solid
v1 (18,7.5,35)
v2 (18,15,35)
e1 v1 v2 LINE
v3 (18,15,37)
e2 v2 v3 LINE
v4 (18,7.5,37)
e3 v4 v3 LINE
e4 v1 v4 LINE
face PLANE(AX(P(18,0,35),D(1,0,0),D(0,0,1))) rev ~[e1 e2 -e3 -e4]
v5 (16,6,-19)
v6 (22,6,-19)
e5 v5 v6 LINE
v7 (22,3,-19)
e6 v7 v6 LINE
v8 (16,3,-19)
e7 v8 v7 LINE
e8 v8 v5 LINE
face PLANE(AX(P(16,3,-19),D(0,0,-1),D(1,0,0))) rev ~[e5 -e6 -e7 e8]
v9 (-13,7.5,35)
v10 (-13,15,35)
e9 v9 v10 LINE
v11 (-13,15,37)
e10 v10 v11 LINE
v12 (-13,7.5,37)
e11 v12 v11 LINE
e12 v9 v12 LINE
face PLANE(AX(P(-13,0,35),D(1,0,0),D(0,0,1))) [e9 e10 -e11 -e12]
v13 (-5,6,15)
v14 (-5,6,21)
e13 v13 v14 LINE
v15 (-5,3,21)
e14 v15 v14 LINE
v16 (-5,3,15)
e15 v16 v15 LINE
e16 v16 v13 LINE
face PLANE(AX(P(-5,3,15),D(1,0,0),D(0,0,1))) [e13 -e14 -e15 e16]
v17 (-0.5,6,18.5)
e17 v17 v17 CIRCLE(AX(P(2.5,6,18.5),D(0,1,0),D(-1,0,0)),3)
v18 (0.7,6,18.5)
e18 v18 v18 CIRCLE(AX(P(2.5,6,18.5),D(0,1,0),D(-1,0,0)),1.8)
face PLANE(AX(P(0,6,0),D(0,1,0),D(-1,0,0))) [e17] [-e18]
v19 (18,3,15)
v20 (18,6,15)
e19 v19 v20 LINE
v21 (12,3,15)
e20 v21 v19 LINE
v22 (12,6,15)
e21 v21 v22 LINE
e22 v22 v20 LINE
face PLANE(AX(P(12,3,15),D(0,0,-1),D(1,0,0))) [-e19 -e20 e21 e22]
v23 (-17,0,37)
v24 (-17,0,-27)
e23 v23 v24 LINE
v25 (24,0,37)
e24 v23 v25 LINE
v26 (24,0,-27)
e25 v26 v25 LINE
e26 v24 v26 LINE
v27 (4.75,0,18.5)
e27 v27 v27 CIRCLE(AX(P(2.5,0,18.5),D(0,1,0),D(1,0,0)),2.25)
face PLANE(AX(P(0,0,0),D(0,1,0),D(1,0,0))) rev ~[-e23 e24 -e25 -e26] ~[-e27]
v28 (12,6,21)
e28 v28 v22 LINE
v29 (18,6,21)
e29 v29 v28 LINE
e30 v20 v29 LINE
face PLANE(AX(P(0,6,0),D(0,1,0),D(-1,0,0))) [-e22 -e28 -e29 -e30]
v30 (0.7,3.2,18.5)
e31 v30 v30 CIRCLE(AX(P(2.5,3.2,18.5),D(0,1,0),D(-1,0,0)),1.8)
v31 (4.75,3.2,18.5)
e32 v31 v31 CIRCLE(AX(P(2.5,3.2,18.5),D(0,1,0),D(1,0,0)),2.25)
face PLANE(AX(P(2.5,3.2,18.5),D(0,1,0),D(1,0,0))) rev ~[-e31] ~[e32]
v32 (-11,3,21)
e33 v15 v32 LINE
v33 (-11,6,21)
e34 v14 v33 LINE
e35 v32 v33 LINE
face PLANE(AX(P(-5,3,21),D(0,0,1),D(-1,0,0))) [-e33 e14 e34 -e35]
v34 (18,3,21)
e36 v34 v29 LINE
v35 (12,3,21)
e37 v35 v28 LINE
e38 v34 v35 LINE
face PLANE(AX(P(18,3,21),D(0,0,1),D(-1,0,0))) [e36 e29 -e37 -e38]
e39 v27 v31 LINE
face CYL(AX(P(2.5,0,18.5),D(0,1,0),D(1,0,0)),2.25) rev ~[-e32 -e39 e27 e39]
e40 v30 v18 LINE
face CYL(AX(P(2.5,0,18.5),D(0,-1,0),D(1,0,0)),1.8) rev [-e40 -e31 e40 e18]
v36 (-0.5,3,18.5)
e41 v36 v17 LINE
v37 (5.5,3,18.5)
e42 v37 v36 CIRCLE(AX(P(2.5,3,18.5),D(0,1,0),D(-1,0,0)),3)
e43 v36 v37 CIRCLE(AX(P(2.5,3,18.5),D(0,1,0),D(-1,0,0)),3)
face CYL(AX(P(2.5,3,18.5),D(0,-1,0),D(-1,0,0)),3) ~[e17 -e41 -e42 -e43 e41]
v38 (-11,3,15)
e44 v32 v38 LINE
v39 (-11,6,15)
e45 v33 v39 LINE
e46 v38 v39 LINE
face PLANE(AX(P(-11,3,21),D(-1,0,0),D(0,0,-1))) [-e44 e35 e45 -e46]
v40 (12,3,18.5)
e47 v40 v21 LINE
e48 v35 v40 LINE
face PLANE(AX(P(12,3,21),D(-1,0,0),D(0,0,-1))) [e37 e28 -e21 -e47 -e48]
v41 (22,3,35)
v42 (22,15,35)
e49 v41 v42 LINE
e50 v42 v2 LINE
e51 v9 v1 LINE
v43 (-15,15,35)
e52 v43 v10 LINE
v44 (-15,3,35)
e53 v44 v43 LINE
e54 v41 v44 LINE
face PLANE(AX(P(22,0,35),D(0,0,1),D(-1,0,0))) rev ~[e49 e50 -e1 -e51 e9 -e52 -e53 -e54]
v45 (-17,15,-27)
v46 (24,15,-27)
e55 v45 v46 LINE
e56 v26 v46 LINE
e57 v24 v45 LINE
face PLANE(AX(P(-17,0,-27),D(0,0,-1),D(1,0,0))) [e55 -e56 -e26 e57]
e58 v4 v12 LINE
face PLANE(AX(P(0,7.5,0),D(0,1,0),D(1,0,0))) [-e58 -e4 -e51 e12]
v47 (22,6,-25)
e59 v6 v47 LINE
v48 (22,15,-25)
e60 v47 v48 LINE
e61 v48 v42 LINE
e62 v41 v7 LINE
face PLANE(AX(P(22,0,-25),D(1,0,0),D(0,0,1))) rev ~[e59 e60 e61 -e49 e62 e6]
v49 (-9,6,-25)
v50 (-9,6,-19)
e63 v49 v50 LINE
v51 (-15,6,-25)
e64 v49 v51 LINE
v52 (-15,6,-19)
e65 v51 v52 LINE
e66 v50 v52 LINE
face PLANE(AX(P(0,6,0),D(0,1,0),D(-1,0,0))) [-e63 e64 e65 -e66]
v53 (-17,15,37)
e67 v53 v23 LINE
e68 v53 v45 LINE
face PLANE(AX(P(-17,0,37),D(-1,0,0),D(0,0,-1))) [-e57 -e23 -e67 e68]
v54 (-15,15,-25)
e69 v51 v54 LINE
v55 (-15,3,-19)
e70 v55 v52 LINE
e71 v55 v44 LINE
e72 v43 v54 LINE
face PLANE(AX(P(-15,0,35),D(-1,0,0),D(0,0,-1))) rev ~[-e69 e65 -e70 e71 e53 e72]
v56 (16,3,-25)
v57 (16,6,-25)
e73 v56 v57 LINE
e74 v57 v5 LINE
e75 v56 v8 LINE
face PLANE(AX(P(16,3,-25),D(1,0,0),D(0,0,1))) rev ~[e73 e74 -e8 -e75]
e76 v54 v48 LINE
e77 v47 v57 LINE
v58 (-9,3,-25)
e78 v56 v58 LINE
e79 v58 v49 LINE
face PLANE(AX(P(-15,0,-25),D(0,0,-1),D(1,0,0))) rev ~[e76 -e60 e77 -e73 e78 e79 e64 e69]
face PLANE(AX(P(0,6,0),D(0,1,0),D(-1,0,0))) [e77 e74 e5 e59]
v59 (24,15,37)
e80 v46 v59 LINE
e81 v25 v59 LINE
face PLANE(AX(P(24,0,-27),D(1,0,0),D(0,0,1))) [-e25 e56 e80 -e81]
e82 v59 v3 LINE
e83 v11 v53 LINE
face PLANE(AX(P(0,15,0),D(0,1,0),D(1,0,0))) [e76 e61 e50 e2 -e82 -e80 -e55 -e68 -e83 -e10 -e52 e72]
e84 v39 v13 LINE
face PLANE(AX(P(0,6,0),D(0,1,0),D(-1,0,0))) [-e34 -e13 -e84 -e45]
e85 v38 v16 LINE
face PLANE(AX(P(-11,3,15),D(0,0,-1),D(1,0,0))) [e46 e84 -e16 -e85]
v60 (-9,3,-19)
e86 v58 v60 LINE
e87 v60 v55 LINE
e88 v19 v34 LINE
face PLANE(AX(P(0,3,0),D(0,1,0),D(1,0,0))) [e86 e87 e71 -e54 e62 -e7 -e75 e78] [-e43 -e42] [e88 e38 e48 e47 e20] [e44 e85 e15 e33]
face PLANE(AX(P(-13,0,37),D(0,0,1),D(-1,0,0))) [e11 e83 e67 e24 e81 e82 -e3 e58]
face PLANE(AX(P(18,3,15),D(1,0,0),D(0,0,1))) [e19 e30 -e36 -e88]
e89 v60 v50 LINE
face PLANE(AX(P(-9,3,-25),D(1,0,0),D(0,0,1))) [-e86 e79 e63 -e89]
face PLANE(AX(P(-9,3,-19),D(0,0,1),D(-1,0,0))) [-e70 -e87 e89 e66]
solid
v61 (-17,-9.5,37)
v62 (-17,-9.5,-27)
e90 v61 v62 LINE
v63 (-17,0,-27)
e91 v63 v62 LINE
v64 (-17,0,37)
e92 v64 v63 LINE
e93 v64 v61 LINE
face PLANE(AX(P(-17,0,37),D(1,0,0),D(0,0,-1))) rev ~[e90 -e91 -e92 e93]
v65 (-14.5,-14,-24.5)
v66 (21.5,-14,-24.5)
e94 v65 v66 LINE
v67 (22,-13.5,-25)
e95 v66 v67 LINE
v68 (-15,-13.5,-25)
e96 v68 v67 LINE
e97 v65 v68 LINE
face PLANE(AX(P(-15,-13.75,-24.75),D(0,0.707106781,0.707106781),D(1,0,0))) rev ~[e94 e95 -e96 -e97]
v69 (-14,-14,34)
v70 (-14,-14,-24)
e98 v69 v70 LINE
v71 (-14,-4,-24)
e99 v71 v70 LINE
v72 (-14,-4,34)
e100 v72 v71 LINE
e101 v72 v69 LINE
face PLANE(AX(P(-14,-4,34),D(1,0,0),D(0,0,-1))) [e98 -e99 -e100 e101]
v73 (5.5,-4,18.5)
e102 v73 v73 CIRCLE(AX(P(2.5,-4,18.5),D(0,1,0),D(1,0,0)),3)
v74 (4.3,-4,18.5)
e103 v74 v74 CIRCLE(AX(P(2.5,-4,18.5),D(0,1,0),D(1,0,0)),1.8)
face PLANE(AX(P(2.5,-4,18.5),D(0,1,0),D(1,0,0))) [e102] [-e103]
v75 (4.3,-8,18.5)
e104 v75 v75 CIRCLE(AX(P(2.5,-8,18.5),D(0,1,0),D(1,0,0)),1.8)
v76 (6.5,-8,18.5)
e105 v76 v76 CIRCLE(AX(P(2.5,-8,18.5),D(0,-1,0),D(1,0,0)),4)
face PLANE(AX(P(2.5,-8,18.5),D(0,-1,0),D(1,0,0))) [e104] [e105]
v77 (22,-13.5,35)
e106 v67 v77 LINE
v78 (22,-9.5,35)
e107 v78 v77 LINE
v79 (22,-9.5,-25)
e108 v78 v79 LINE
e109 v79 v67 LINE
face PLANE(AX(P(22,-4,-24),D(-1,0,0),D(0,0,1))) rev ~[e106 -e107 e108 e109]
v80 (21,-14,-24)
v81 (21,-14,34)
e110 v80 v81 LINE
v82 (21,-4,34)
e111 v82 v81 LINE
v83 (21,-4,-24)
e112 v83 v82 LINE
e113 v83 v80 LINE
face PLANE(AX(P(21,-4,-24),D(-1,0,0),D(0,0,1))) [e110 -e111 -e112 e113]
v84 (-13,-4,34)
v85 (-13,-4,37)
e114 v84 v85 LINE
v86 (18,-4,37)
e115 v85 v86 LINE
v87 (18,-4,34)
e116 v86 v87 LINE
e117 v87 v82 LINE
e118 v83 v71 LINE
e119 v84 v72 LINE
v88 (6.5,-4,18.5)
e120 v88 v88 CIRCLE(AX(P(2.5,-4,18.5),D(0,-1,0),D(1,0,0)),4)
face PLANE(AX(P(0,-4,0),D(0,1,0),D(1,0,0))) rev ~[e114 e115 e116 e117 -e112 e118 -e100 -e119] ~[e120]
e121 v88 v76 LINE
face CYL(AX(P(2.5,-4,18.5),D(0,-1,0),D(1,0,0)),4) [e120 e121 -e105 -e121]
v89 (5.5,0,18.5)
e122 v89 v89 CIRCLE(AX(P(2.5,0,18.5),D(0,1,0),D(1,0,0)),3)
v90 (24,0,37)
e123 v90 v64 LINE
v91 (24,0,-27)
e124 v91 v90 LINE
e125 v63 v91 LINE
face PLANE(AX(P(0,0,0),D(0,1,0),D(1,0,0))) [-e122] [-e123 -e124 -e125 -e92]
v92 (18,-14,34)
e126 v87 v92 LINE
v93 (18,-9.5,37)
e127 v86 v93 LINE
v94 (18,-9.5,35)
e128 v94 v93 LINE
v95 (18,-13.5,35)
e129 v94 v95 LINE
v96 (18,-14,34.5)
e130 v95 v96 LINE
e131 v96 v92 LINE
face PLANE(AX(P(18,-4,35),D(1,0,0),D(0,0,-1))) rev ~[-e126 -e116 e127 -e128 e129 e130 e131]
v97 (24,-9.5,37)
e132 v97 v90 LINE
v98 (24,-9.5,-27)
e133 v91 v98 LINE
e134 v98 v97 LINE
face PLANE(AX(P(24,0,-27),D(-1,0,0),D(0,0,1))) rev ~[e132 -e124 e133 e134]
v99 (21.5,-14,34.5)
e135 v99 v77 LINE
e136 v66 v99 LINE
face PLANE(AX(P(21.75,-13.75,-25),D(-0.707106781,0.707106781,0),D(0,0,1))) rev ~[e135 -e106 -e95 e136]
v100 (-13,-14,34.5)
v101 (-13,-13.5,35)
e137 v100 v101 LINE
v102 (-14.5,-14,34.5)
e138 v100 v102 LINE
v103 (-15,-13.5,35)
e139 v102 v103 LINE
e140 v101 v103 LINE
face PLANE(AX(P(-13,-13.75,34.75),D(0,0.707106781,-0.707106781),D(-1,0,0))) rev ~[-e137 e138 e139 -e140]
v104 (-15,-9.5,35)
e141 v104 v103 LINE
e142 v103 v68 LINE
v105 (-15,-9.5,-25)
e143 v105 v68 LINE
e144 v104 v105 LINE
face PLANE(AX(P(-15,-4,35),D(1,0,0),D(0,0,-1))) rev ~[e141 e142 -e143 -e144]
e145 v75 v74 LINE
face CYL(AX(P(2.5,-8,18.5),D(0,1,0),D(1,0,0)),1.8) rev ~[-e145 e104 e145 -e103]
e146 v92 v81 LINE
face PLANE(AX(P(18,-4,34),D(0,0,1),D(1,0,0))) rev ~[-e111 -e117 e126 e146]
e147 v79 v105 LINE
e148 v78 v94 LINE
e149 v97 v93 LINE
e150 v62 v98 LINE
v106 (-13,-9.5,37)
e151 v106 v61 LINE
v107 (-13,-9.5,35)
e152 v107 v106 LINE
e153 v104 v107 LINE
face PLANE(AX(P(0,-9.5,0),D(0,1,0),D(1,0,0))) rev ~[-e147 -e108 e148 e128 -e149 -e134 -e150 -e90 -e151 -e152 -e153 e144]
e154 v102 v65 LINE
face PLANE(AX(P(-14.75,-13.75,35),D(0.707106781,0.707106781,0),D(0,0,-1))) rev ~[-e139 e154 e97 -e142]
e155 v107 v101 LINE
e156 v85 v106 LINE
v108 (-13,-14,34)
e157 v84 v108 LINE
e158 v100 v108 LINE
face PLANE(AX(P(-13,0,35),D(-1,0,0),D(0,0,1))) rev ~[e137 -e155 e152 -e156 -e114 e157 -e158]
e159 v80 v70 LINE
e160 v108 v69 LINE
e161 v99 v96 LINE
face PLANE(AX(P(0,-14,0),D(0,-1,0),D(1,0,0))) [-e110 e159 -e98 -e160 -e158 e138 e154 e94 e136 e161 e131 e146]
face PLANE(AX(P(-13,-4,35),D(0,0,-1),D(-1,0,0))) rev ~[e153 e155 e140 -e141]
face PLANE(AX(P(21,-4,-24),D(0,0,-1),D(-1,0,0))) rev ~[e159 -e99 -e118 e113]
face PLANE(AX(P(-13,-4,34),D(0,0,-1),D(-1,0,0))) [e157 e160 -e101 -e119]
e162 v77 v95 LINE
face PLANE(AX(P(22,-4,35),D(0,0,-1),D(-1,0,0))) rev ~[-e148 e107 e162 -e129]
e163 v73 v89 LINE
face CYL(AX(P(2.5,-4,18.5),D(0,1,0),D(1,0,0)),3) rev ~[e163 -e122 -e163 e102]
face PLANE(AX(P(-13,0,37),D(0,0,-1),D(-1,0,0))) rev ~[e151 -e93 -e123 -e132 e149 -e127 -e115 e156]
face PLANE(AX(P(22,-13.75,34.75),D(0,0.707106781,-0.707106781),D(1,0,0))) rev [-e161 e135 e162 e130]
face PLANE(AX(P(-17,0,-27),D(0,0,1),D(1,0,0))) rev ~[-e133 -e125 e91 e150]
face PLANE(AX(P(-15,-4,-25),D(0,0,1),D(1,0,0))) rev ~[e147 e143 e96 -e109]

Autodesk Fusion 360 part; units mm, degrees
sketch "Sketch1" plane through (0, 0, 0) normal (0, 1, 0) x (1, 0, 0)
  line L0 (-15, 25) -> (22, 25)
  line L1 (22, 25) -> (22, -35)
  line L2 (-15, -35) -> (-15, 25)
  line L3 (-15, -35) -> (-13, -35)
  line L4 (22, -35) -> (18, -35)
  line L5 (24, -37) -> (-17, -37)
  line L6 (-17, -37) -> (-17, 27)
  line L7 (-17, 27) -> (24, 27)
  line L8 (24, 27) -> (24, -37)
  line L9 (18, -35) -> (18, -37)
  line L10 (-13, -35) -> (-13, -37)
  line L11 (18, -35) -> (18, -18.5)
  line L12 (22, -18.5) -> (2.5, -18.5)
  circle A0 centre (2.5, -18.5) radius 1.8
  line L13 (-13, -35) -> (18, -35)
  dimension "d1" = 37
  dimension "d2" = 60
  dimension "d4" = 2
  dimension "d5" = 4
  dimension "d6" = 16.5
  dimension "d7" = 19.5
  dimension "d8" = 3.6
extrude "Extrude1" add sketch "Sketch1" along normal blind 3 makes body 1
sketch "Sketch2" plane through (0, 3, 0) normal (0, 1, 0) x (-1, 0, 0)
  circle A0 centre (-2.5, 18.5) radius 1.8
  line L0 (-24, -27) -> (17, -27)
  line L1 (17, -27) -> (17, 37)
  line L2 (17, 37) -> (-24, 37)
  line L3 (-24, 37) -> (-24, -27)
  circle A1 centre (-2.5, 18.5) radius 3
  dimension "d11" = 6
extrude "Extrude2" add sketch "Sketch2" along normal blind 3 contours A1 bodies 1
extrude "Extrude3" add sketch "Sketch1" along normal blind 15 contours L0 L1 L2 L3 L4 L5 L6 L7 L8 L9 L10 bodies 1
sketch "Sketch3" plane through (0, 3, 0) normal (0, 1, 0) x (-1, 0, 0)
  line L0 (13, 35) -> (13, 37)
  line L1 (13, 37) -> (-18, 37)
  line L2 (-18, 37) -> (-18, 35)
  line L3 (-18, 35) -> (-22, 35)
  line L4 (-22, 35) -> (-22, -25)
  line L5 (-22, -25) -> (15, -25)
  line L6 (15, -25) -> (15, 35)
  line L7 (15, 35) -> (13, 35)
  circle A0 centre (-2.5, 18.5) radius 3
  line L8 (-12, 15) -> (-18, 15)
  line L9 (-18, 15) -> (-18, 21)
  line L10 (-18, 21) -> (-12, 21)
  line L11 (-12, 21) -> (-12, 15)
  line L12 (11, 15) -> (5, 15)
  line L13 (5, 15) -> (5, 21)
  line L14 (5, 21) -> (11, 21)
  line L15 (11, 21) -> (11, 15)
  line L16 (15, -25) -> (9, -25)
  line L17 (9, -25) -> (9, -19)
  line L18 (9, -19) -> (15, -19)
  line L19 (15, -19) -> (15, -25)
  line L20 (-22, -25) -> (-16, -25)
  line L21 (-16, -25) -> (-16, -19)
  line L22 (-16, -19) -> (-22, -19)
  line L23 (-22, -19) -> (-22, -25)
  dimension "d16" = 6
  dimension "d17" = 6
  dimension "d18" = 6
  dimension "d19" = 6
  dimension "d20" = 6
  dimension "d21" = 6
extrude "Extrude4" add sketch "Sketch3" along normal blind 3 contours L5 L6 L16 L17 L18 L19 | L4 L5 L20 L21 L22 L23 | L8 L9 L10 L11 | L12 L13 L14 L15 bodies 1
extrude "Extrude5" add sketch "Sketch1" along normal blind 7.5 contours L5 L9 L10 L13 bodies 1
cylinder "CylinderPrimitive1" cut diameter 4.5 height 3.2 placed x (1, 0, 0) y (0, 0, -1) z (0, 1, 0) at (2.5, 0, 18.5) bodies 1
extrude "Extrude7" add sketch "Sketch1" against normal blind 4 separate body makes body 2
extrude "Extrude8" add sketch "Sketch1" against normal blind 9.5 contours L0 L1 L2 L3 L4 L5 L6 L7 L8 L9 L10 bodies 2
sketch "Sketch5" plane through (0, -4, 0) normal (0, -1, 0) x (1, 0, 0)
  line L0 (18, 35) -> (18, 37)
  line L1 (18, 37) -> (-13, 37)
  line L2 (-13, 37) -> (-13, 35)
  line L3 (-13, 35) -> (-15, 35)
  line L4 (-15, 35) -> (-15, -25)
  line L5 (-15, -25) -> (22, -25)
  line L6 (22, -25) -> (22, 35)
  line L7 (22, 35) -> (18, 35)
  circle A0 centre (2.5, 18.5) radius 1.8
  line L8 (18, 35) -> (18, 34)
  line L9 (18, 34) -> (21, 34)
  line L10 (-13, 35) -> (-13, 34)
  line L11 (-13, 34) -> (-14, 34)
  line L12 (-14, 34) -> (-14, -24)
  line L13 (22, -25) -> (22, -24)
  line L14 (21, -24) -> (-14, -24)
  line L15 (22, -25) -> (21, -25)
  line L16 (21, -24) -> (21, 34)
extrude "Extrude9" add sketch "Sketch5" along normal blind 10 contours L3 L4 L5 L6 L7 L8 L9 L10 L11 L12 L13 L14 L15 L16 bodies 2
chamfer "Chamfer1" distance 0.5 angle 45 5 edges at (-14, -14, 35) (-15, -14, 5) (3.5, -14, -25) (22, -14, 5) (20, -14, 35) on bodies 2
cylinder "CylinderPrimitive2" add diameter 8 height 4 placed x (1, 0, 0) y (0, 0, 1) z (0, -1, 0) at (2.5, -4, 18.5) bodies 2
cylinder "CylinderPrimitive3" cut diameter 6 height -4 placed x (1, 0, 0) y (0, 0, -1) z (0, 1, 0) at (2.5, 0, 18.5) bodies 2
cylinder "CylinderPrimitive4" cut diameter 3.6 height -8 placed x (1, 0, 0) y (0, 0, -1) z (0, 1, 0) at (2.5, 0, 18.5) bodies 2
